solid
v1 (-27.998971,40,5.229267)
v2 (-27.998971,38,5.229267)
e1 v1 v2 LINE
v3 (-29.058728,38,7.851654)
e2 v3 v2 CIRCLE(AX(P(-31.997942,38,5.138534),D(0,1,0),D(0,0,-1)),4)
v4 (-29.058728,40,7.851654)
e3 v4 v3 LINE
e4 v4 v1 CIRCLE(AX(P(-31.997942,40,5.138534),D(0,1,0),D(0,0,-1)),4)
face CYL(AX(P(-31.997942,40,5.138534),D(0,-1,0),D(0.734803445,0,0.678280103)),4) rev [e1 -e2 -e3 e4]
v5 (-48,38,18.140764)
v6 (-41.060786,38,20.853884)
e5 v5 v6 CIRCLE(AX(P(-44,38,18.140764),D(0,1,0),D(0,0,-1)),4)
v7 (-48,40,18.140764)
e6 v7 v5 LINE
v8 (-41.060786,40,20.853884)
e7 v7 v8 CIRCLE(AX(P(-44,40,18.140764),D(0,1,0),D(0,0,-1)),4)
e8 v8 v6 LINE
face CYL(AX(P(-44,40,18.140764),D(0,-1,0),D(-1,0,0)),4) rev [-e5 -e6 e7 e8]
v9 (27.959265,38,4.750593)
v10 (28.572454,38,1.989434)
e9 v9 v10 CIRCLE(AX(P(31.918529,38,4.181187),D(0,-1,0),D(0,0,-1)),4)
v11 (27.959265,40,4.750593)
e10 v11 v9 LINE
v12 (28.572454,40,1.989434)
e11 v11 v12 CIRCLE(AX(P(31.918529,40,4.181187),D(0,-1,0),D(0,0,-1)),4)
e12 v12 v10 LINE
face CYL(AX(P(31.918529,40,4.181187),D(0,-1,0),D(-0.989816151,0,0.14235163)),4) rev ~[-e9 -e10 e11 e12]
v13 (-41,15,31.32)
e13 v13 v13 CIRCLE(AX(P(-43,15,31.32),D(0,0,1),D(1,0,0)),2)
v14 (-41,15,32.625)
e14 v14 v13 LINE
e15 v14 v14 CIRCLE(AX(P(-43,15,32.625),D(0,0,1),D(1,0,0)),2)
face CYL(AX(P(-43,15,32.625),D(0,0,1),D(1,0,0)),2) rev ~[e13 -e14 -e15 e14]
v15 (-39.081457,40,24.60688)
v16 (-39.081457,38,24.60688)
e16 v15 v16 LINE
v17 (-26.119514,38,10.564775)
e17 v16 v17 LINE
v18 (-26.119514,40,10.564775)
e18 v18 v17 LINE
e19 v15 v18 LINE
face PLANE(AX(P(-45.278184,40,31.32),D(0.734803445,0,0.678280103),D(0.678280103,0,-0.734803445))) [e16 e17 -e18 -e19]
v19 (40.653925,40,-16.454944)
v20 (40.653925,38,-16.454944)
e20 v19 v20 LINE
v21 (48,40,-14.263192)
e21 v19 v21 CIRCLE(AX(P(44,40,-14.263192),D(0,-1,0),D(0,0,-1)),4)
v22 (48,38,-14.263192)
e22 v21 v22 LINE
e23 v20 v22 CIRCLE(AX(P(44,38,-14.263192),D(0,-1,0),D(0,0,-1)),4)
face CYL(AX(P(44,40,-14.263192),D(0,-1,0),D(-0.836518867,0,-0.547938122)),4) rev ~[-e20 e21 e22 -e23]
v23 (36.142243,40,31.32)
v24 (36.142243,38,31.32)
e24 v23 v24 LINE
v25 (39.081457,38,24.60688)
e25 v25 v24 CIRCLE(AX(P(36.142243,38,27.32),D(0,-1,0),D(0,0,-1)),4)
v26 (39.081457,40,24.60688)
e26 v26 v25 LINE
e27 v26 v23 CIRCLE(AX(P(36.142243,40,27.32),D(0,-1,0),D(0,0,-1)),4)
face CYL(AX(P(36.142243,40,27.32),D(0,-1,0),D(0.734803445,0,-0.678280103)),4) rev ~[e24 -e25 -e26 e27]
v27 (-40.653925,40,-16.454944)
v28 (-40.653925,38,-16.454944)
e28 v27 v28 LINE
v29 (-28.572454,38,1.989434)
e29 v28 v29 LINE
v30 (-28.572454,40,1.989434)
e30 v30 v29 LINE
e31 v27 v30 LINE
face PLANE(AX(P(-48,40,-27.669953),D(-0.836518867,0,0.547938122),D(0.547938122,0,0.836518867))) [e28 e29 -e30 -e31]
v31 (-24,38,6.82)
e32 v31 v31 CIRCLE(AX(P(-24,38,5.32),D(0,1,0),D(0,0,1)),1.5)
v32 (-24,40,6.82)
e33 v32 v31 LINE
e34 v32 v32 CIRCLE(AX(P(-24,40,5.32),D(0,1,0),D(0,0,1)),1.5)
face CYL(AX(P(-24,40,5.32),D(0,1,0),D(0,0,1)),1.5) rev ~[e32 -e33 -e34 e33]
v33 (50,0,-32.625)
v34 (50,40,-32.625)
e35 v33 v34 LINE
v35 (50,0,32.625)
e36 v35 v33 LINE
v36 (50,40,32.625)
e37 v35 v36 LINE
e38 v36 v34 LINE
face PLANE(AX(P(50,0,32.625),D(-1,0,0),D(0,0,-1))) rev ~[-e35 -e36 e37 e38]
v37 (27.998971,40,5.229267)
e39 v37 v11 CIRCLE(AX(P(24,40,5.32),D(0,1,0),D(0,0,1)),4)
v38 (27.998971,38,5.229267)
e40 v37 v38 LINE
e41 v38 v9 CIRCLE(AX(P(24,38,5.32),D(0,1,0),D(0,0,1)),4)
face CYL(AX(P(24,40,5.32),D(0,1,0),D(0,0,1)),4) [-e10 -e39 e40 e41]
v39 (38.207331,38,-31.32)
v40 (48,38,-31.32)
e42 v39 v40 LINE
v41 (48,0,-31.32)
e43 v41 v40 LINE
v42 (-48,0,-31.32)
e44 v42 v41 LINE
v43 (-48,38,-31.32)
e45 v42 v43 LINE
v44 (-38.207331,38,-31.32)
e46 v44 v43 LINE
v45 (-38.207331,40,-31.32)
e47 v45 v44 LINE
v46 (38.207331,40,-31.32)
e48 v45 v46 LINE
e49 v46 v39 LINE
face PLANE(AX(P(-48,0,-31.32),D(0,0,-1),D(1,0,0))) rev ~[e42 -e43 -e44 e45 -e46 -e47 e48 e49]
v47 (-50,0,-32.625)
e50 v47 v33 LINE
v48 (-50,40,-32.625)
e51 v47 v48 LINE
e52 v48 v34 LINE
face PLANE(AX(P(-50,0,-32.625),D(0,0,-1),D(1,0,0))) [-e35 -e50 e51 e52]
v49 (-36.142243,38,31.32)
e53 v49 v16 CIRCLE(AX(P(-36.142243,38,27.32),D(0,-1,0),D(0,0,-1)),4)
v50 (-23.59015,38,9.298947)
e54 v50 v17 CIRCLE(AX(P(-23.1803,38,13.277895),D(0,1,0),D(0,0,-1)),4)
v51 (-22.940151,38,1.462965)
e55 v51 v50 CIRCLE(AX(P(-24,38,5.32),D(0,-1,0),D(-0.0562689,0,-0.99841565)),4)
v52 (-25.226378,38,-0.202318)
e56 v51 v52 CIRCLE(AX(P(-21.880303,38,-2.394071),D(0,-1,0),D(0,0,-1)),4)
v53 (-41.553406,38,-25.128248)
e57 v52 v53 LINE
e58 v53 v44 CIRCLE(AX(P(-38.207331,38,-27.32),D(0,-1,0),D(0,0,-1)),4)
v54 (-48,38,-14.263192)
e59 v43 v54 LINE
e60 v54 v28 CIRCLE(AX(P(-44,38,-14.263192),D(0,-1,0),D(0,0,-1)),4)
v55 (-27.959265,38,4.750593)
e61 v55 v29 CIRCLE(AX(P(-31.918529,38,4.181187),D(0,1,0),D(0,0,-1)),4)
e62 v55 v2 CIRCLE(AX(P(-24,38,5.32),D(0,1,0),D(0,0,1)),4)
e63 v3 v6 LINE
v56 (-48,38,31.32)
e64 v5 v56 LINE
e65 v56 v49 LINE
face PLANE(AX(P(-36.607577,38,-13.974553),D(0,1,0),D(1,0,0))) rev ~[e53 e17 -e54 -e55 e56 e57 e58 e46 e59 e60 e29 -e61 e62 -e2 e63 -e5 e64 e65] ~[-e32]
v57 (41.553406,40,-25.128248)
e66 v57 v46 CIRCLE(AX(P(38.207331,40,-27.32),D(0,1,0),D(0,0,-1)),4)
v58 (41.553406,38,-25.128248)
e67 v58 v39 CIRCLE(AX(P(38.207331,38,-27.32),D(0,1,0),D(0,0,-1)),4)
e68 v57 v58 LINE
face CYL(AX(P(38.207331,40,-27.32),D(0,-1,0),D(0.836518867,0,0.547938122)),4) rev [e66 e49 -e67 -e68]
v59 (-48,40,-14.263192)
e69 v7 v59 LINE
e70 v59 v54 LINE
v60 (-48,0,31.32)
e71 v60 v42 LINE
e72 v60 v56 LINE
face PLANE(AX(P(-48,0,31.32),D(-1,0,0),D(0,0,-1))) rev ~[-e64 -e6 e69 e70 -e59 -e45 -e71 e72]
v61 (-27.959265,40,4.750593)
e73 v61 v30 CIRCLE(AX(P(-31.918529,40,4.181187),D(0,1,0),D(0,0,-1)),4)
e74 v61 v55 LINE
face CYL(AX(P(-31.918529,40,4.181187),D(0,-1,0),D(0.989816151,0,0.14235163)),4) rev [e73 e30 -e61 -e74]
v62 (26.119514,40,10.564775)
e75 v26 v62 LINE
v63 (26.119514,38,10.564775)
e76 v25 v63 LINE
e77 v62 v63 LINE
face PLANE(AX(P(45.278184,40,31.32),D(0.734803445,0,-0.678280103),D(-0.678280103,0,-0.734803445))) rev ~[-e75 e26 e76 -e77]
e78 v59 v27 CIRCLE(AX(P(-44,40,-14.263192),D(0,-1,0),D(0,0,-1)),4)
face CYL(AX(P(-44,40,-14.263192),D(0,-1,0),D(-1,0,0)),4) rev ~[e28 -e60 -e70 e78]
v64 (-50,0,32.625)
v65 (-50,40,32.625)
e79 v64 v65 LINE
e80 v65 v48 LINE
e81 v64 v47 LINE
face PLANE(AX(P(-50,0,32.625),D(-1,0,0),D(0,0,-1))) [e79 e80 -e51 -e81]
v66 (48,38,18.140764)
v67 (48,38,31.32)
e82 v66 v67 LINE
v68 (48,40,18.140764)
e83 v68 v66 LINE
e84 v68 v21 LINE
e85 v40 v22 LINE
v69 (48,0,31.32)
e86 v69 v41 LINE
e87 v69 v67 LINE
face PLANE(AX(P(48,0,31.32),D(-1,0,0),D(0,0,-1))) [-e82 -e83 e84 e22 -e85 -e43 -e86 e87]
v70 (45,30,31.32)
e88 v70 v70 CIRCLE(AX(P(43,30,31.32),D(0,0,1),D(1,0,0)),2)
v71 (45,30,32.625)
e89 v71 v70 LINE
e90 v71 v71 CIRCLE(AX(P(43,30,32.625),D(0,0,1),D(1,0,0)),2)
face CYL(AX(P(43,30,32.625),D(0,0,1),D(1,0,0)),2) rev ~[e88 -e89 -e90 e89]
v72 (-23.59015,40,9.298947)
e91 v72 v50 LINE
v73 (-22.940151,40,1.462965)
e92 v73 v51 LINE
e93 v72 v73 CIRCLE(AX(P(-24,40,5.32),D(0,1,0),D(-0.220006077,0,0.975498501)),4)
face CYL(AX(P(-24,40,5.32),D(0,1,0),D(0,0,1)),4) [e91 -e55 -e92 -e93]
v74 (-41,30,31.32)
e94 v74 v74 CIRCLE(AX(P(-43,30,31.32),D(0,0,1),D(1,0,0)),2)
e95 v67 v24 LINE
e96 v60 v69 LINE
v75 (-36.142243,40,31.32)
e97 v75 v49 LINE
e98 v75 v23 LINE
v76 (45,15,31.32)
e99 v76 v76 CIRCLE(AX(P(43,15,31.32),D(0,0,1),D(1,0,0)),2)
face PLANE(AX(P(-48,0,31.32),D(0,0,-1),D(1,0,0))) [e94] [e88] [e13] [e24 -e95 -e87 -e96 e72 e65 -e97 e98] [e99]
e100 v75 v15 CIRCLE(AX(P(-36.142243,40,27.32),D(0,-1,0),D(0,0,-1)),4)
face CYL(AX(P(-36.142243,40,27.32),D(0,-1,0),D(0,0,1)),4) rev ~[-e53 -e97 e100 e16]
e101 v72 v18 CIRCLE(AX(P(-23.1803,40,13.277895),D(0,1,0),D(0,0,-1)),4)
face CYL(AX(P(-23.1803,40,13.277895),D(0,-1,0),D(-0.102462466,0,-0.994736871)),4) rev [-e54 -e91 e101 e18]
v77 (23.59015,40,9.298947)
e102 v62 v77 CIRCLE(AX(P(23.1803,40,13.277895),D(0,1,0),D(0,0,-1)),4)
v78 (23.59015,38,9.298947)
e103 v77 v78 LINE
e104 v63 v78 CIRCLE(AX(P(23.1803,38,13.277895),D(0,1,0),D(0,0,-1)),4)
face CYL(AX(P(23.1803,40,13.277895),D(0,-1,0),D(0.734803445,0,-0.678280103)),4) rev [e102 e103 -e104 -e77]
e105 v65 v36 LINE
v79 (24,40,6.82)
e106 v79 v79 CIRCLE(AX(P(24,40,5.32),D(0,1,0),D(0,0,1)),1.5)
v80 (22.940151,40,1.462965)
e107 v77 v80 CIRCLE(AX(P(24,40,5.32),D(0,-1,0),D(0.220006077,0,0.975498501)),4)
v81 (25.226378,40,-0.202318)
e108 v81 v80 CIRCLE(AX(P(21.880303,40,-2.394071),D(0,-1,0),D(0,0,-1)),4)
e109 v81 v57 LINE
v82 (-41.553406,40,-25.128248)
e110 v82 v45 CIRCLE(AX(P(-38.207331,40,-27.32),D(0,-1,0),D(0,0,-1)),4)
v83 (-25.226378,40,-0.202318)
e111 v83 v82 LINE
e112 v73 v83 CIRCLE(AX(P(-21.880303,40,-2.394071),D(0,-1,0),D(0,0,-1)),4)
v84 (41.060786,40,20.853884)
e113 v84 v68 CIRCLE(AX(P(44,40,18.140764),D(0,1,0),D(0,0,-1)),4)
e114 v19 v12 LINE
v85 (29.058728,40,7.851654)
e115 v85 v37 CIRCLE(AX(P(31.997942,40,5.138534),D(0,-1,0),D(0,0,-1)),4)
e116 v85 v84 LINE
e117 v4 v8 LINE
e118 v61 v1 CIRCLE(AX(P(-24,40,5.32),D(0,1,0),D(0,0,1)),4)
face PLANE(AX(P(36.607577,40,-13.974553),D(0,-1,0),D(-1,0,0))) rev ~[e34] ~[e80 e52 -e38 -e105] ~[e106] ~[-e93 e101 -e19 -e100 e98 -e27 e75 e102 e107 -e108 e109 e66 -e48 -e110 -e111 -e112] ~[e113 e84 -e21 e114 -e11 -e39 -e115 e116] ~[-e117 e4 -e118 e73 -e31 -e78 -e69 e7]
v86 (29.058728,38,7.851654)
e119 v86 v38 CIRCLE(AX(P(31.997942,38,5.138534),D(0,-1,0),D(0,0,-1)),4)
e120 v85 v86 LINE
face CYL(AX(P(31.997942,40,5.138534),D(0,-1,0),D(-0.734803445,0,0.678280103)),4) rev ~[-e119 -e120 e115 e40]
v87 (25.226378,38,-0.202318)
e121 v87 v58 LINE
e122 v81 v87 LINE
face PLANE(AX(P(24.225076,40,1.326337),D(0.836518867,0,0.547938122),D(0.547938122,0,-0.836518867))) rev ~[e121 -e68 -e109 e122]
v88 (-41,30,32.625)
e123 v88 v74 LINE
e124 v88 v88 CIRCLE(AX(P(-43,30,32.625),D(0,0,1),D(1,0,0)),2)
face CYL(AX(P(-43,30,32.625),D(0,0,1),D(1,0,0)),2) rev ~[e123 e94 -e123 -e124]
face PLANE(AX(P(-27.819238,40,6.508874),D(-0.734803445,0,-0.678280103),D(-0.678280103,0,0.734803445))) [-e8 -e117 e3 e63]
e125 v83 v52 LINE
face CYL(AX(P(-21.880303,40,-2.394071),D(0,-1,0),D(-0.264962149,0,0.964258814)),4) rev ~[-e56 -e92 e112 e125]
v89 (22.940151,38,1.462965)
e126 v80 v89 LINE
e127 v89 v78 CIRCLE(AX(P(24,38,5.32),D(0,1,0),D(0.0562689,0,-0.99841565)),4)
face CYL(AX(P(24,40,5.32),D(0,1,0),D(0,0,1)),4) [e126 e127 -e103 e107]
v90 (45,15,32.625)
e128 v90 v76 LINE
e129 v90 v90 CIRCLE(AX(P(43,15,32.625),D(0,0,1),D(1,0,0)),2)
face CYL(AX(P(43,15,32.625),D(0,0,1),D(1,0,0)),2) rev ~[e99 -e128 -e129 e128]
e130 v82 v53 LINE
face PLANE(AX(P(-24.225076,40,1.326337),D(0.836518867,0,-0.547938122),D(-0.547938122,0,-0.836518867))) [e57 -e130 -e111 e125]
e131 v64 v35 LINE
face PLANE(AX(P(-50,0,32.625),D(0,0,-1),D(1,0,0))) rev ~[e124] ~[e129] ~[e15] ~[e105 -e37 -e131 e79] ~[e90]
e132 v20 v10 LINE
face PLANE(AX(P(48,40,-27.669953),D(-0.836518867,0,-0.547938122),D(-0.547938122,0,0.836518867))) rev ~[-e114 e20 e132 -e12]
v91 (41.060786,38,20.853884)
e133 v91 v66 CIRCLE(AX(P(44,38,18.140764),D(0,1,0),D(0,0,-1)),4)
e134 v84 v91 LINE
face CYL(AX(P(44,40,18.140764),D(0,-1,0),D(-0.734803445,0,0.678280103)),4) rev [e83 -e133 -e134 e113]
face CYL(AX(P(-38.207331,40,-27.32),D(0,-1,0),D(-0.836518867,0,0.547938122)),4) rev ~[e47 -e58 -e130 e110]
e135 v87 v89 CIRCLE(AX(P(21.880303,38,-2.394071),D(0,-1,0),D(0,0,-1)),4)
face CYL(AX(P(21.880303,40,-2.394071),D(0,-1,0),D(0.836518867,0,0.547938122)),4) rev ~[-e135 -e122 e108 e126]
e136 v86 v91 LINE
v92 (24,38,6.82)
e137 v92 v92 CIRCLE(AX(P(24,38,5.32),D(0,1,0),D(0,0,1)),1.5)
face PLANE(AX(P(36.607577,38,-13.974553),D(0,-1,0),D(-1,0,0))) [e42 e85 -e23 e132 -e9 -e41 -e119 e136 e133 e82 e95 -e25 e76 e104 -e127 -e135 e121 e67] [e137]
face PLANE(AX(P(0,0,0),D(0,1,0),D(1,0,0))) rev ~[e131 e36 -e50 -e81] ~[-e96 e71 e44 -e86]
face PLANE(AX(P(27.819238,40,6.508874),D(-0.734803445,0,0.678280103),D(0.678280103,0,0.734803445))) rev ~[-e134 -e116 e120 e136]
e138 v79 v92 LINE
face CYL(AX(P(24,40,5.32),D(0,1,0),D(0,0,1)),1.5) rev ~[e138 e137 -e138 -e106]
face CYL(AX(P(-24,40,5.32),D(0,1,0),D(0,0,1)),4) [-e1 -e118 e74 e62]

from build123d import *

# Parameters (mm, degrees)
SKETCH1_W             = 100
SKETCH1_H             = 65.25
SKETCH1_W_2           = 96
SKETCH1_H_2           = 62.64
BOSS_EXTRUDE1_DEPTH   = 40
CUT_EXTRUDE1_REACH    = 93.42
SKETCH2_R             = 2
SKETCH3_R             = 4
SKETCH3_R_2           = 1.5
BOSS_EXTRUDE2_DEPTH   = 2
BOSS_EXTRUDE2_2_DEPTH = 2
BOSS_EXTRUDE4_DEPTH   = 2
FILLET1_R             = 4


with BuildPart() as part:
    # Sketch1 → Boss-Extrude1 (new body)
    with BuildSketch(Plane(origin=(0, 0, 0), x_dir=(1, 0, 0), z_dir=(0, 1, 0))):
        Rectangle(SKETCH1_W, SKETCH1_H)
        Rectangle(SKETCH1_W_2, SKETCH1_H_2, mode=Mode.SUBTRACT)
    extrude(amount=BOSS_EXTRUDE1_DEPTH)

    # Sketch2 → Cut-Extrude1 (cut, up to next)
    with BuildSketch(Plane.XY.offset(32.625), mode=Mode.PRIVATE) as cut_extrude1_sk1:
        with Locations((-43, 15)):
            Circle(SKETCH2_R)
    cut_extrude1_tool1 = extrude(cut_extrude1_sk1.sketch, amount=-CUT_EXTRUDE1_REACH, mode=Mode.PRIVATE) & part.part
    # Sketch2 → Cut-Extrude1 (cut, up to next)
    with BuildSketch(Plane.XY.offset(32.625), mode=Mode.PRIVATE) as cut_extrude1_sk2:
        with Locations((-43, 30)):
            Circle(SKETCH2_R)
    cut_extrude1_tool2 = extrude(cut_extrude1_sk2.sketch, amount=-CUT_EXTRUDE1_REACH, mode=Mode.PRIVATE) & part.part
    # Sketch2 → Cut-Extrude1 (cut, up to next)
    with BuildSketch(Plane.XY.offset(32.625), mode=Mode.PRIVATE) as cut_extrude1_sk3:
        with Locations((43, 30)):
            Circle(SKETCH2_R)
    cut_extrude1_tool3 = extrude(cut_extrude1_sk3.sketch, amount=-CUT_EXTRUDE1_REACH, mode=Mode.PRIVATE) & part.part
    # Sketch2 → Cut-Extrude1 (cut, up to next)
    with BuildSketch(Plane.XY.offset(32.625), mode=Mode.PRIVATE) as cut_extrude1_sk4:
        with Locations((43, 15)):
            Circle(SKETCH2_R)
    cut_extrude1_tool4 = extrude(cut_extrude1_sk4.sketch, amount=-CUT_EXTRUDE1_REACH, mode=Mode.PRIVATE) & part.part
    add(cut_extrude1_tool1.solids().sort_by_distance((-43, 15, 32.625))[0], mode=Mode.SUBTRACT)
    add(cut_extrude1_tool2.solids().sort_by_distance((-43, 30, 32.625))[0], mode=Mode.SUBTRACT)
    add(cut_extrude1_tool3.solids().sort_by_distance((43, 30, 32.625))[0], mode=Mode.SUBTRACT)
    add(cut_extrude1_tool4.solids().sort_by_distance((43, 15, 32.625))[0], mode=Mode.SUBTRACT)



with BuildPart() as body_2:
    # Sketch3 → Boss-Extrude2 (new body)
    with BuildSketch(Plane(origin=(0, 40, 0), x_dir=(1, 0, 0), z_dir=(0, 1, 0))):
        with Locations(Location((-24, -5.32, 0), (0, 0, 270))):
            Circle(SKETCH3_R)
        with Locations(Location((-24, -5.32, 0), (0, 0, 270))):
            Circle(SKETCH3_R_2, mode=Mode.SUBTRACT)
    extrude(amount=-BOSS_EXTRUDE2_DEPTH)


with BuildPart() as body_3:
    # Sketch3 → Boss-Extrude2 2 (new body)
    with BuildSketch(Plane(origin=(0, 40, 0), x_dir=(1, 0, 0), z_dir=(0, 1, 0))):
        with Locations(Location((24, -5.32, 0), (0, 0, 270))):
            Circle(SKETCH3_R)
        with Locations(Location((24, -5.32, 0), (0, 0, 270))):
            Circle(SKETCH3_R_2, mode=Mode.SUBTRACT)
    extrude(amount=-BOSS_EXTRUDE2_2_DEPTH)


with BuildPart() as part_1:
    add(part.part)

    add(body_2.part)  # Boss-Extrude4 merges body 2

    add(body_3.part)  # Boss-Extrude4 merges body 3
    # Sketch4 → Boss-Extrude4 (add)
    with BuildSketch(Plane(origin=(0, 40, 0), x_dir=(-1, 0, 0), z_dir=(0, -1, 0))):
        with BuildLine():
            Line((-24.225075601, -1.326337399), (-45.609139399, 31.32))
            Line((-45.609139399, 31.32), (-48, 31.32))
            Line((-48, 31.32), (-48, 27.669952816))
            Line((-48, 27.669952816), (-27.571151067, -3.518089888))
            ThreePointArc((-27.571151067, -3.518089888), (-26.191752489, -1.973924534), (-24.225075601, -1.326337399))
        make_face()
        with BuildLine():
            Line((-27.819238089, -6.508873594), (-48, -28.371365665))
            Line((-48, -28.371365665), (-48, -31.32))
            Line((-48, -31.32), (-45.27818369, -31.32))
            Line((-45.27818369, -31.32), (-24.88002431, -9.221994005))
            ThreePointArc((-24.88002431, -9.221994005), (-26.713120411, -8.259213779), (-27.819238089, -6.508873594))
        make_face()
        with BuildLine():
            Line((24.225075601, -1.326337399), (45.609139399, 31.32))
            Line((45.609139399, 31.32), (48, 31.32))
            Line((48, 31.32), (48, 27.669952816))
            Line((48, 27.669952816), (27.571151067, -3.518089888))
            ThreePointArc((27.571151067, -3.518089888), (26.191752489, -1.973924534), (24.225075601, -1.326337399))
        make_face()
        with BuildLine():
            Line((48, -28.371365665), (48, -31.32))
            Line((48, -31.32), (45.27818369, -31.32))
            Line((45.27818369, -31.32), (24.88002431, -9.221994005))
            ThreePointArc((24.88002431, -9.221994005), (26.713120411, -8.259213779), (27.819238089, -6.508873594))
            Line((27.819238089, -6.508873594), (48, -28.371365665))
        make_face()
    extrude(amount=BOSS_EXTRUDE4_DEPTH)

    # Fillet1
    fillet1_edges = [part_1.edges().sort_by_distance(p)[0] for p in [
        (-24.88002431, 39, 9.221994005),
        (-27.819238089, 39, 6.508873594),
        (-48, 39, 28.371365665),
        (-45.27818369, 39, 31.32),
        (45.609139399, 39, -31.32),
        (24.225075601, 39, 1.326337399),
        (27.571151067, 39, 3.518089888),
        (48, 39, -27.669952816),
        (-27.571151067, 39, 3.518089888),
        (-24.225075601, 39, 1.326337399),
        (-45.609139399, 39, -31.32),
        (-48, 39, -27.669952816),
        (48, 39, 28.371365665),
        (27.819238089, 39, 6.508873594),
        (24.88002431, 39, 9.221994005),
        (45.27818369, 39, 31.32),
    ]]
    fillet(fillet1_edges, radius=FILLET1_R)


solid = part_1.part
